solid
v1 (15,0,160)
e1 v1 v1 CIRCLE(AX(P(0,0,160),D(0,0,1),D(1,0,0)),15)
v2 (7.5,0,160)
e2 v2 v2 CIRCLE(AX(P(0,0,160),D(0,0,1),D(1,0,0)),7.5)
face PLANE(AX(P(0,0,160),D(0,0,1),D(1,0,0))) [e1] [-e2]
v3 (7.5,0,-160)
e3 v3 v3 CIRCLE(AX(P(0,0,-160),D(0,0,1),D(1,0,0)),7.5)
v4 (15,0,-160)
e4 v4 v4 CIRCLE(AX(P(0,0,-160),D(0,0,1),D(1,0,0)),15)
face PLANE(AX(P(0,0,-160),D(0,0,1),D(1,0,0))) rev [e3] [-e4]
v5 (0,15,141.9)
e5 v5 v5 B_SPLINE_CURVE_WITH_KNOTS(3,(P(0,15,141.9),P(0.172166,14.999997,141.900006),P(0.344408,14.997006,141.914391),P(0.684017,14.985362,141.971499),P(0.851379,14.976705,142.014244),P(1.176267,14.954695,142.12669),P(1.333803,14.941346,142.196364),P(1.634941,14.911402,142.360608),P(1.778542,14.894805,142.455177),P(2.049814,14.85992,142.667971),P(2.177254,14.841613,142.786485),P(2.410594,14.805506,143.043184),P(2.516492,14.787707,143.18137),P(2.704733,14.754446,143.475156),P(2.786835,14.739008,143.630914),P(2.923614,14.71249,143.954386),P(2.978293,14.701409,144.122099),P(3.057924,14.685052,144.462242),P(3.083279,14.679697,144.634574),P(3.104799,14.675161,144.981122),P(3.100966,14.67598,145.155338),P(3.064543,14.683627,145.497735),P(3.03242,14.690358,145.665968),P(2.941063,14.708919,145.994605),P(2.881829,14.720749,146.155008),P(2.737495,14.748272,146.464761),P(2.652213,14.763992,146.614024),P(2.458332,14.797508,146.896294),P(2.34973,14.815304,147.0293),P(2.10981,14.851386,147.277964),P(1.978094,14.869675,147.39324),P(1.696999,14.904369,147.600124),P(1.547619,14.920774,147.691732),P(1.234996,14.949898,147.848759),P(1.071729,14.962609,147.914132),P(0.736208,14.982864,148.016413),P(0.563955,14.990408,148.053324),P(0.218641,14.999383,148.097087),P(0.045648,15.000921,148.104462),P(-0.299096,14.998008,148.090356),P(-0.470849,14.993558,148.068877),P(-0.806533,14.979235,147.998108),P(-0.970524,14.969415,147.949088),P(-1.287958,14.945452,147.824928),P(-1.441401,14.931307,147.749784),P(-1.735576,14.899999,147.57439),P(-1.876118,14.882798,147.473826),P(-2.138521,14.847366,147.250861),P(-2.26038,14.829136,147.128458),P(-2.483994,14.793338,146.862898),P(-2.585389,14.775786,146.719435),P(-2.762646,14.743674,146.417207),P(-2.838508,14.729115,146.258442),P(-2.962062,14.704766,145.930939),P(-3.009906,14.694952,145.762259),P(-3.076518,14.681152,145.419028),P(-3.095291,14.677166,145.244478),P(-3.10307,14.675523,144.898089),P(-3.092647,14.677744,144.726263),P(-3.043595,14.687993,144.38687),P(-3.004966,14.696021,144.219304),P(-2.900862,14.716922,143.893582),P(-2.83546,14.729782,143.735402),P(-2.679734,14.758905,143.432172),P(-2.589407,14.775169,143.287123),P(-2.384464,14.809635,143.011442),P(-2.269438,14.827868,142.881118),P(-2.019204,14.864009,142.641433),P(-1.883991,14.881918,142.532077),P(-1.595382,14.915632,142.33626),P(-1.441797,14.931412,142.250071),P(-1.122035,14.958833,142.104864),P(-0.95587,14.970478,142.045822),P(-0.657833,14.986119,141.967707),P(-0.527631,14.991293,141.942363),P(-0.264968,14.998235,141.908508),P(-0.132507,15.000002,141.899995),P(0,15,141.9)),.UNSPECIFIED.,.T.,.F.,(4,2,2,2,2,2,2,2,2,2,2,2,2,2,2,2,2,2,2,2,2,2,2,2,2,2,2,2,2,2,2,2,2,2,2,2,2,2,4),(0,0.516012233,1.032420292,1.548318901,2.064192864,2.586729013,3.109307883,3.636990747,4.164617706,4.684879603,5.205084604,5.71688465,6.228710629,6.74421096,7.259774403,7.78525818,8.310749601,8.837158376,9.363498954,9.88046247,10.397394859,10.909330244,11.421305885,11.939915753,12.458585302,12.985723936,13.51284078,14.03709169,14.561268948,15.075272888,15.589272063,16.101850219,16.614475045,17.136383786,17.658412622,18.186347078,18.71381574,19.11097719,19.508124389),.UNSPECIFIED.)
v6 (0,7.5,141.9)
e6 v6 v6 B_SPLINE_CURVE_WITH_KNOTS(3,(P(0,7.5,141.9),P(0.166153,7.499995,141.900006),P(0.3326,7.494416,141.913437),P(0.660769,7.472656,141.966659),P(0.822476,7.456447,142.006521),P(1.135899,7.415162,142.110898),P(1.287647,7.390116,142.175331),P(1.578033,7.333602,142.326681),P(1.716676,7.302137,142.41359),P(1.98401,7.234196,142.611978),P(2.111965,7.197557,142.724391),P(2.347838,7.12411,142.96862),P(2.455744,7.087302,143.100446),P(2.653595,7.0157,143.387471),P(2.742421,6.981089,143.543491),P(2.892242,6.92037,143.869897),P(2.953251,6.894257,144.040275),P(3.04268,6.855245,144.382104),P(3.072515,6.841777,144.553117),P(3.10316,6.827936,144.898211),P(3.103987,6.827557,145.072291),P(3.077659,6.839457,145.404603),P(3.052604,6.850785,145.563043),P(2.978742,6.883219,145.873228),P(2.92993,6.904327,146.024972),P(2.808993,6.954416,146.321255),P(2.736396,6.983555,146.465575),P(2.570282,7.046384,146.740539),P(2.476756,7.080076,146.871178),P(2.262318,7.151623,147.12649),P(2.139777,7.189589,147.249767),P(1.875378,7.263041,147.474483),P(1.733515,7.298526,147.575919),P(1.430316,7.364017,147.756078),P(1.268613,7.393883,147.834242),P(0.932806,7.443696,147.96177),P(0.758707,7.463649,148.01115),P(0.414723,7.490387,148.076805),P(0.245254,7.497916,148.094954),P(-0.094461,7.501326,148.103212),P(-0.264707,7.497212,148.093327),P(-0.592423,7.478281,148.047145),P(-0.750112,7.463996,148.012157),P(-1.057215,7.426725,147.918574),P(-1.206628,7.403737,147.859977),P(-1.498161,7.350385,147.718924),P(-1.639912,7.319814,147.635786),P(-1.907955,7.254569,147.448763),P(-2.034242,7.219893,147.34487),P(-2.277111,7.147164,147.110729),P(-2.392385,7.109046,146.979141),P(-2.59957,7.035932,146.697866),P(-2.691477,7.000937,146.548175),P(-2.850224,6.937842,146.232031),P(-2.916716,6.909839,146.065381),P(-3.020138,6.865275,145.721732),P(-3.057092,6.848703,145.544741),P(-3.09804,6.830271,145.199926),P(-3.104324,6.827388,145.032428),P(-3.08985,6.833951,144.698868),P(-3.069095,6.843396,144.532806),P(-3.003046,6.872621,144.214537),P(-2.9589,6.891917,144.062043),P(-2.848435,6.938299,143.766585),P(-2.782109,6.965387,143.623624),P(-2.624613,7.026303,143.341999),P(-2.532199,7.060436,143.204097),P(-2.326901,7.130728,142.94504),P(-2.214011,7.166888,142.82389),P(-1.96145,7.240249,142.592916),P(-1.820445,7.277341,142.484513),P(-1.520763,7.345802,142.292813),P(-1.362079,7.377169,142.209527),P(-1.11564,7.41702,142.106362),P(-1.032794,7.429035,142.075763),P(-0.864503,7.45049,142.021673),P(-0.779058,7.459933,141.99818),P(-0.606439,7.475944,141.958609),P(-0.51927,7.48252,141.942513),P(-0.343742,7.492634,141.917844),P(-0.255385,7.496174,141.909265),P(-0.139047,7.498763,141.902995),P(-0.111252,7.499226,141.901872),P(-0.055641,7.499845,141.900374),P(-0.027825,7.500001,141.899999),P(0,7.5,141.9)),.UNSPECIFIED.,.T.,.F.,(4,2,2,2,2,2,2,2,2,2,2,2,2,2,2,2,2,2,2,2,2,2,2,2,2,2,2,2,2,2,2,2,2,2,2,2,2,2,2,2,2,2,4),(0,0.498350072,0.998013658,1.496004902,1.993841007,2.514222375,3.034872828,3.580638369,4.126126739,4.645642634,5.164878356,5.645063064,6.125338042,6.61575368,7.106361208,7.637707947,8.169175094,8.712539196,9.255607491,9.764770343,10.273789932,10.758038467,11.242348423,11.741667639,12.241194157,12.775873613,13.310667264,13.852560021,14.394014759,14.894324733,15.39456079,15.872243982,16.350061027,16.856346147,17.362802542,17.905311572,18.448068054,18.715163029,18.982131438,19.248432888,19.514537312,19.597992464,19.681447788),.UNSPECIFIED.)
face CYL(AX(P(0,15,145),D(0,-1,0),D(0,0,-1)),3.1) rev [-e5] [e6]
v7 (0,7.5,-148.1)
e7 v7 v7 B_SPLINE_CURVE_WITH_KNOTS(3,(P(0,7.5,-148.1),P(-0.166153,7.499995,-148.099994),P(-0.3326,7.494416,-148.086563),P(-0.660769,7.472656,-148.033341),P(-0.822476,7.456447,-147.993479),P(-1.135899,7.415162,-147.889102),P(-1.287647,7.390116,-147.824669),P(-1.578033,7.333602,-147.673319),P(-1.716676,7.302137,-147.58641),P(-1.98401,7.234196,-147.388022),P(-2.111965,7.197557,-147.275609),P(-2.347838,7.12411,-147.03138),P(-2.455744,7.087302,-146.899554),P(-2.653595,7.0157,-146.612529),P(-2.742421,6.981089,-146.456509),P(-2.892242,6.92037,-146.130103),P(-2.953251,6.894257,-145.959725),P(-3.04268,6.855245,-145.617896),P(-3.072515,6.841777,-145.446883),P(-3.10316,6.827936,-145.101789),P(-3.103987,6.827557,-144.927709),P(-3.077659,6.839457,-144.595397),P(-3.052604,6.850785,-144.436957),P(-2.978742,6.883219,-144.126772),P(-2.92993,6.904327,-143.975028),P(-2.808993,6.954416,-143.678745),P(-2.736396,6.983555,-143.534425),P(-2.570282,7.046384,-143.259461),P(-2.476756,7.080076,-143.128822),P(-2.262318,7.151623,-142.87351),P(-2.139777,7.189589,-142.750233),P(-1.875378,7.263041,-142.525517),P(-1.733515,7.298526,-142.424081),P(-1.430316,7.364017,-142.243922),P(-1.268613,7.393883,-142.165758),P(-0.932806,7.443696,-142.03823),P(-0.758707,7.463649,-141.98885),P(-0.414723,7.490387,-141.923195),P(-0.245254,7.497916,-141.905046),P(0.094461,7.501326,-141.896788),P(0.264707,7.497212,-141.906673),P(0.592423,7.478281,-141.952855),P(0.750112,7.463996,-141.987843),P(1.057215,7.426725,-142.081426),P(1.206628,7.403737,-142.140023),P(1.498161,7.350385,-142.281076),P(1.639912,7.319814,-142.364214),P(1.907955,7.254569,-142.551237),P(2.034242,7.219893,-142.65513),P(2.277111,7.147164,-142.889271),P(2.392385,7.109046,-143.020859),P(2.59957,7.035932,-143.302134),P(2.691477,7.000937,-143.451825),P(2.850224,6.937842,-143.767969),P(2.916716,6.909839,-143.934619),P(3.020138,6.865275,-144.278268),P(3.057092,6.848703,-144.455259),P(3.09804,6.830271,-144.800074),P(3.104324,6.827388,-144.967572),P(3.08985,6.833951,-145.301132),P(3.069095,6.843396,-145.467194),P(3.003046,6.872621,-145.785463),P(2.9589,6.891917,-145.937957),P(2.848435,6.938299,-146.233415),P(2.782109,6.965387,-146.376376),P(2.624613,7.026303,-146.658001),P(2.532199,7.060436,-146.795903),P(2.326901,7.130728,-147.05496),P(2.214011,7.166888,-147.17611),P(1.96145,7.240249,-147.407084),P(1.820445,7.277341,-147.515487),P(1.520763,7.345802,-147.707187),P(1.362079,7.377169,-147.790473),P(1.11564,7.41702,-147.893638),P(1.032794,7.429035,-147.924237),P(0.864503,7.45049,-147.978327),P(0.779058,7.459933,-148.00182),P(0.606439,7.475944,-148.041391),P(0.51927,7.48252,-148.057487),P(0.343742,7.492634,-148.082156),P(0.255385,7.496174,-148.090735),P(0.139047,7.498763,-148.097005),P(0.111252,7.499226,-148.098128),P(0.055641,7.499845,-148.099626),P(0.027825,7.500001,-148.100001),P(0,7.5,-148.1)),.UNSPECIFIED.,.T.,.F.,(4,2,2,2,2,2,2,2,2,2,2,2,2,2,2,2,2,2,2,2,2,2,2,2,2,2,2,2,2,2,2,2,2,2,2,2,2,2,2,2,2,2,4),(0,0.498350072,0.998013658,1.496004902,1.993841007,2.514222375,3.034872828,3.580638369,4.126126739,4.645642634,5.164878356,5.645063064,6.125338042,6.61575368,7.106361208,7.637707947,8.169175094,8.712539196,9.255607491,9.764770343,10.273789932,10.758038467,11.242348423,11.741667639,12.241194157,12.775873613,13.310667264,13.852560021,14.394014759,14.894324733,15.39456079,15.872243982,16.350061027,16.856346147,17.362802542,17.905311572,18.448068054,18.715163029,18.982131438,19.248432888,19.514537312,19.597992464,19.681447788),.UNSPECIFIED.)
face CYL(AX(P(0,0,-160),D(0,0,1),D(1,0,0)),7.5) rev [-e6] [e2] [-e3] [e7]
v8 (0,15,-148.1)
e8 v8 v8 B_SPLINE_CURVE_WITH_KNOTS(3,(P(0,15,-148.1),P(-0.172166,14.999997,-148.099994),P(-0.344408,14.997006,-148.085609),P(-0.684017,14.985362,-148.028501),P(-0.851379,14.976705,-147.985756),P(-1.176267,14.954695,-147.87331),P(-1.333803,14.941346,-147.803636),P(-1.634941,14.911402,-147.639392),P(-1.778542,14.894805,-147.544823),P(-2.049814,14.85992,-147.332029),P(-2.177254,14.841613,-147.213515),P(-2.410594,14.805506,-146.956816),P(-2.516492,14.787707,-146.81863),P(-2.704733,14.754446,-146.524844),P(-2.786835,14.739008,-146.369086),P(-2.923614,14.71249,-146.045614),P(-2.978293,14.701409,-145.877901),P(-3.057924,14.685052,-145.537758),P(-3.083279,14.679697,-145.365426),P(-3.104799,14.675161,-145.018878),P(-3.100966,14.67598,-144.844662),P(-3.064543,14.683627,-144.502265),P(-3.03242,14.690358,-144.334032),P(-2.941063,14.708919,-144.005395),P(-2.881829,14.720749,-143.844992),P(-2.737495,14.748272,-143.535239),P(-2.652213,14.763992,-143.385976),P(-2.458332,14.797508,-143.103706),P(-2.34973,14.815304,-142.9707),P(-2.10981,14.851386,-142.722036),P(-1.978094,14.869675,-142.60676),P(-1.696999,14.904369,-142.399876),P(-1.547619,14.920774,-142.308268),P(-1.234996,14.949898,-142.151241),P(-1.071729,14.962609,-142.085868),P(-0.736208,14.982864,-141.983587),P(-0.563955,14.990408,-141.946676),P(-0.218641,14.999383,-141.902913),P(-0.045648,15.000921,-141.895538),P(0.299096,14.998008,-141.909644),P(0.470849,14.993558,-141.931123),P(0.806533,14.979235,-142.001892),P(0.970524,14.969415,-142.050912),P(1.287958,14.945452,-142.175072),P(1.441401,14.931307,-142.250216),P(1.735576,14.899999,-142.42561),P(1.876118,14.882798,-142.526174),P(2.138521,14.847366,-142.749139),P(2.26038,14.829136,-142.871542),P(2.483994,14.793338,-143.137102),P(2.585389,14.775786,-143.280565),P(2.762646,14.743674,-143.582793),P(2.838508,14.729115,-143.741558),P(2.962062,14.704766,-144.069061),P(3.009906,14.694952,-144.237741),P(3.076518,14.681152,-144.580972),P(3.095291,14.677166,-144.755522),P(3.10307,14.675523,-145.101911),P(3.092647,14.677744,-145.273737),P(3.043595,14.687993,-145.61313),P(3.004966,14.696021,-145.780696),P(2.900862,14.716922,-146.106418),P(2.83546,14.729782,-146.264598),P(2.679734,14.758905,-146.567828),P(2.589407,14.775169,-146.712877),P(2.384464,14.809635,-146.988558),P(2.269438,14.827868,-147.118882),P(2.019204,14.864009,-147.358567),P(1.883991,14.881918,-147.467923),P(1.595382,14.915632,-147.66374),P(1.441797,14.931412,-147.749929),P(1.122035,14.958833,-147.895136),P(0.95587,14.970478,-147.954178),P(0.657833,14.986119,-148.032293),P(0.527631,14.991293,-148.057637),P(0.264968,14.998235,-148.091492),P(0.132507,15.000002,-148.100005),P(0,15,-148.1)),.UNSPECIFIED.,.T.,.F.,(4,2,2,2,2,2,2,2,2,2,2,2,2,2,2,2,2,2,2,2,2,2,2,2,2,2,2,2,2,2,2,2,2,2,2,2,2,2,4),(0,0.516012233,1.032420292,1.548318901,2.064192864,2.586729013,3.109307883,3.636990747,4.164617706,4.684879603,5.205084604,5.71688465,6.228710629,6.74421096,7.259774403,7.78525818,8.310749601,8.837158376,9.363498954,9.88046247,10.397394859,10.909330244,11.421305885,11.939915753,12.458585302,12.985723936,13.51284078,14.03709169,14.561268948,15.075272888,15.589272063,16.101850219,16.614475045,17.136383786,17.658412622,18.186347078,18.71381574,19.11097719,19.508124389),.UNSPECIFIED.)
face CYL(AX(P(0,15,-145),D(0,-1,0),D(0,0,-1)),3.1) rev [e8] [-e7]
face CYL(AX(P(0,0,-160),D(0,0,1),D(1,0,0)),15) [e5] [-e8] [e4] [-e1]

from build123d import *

# Parameters (mm, degrees)
BOSS_EXTRUDE1_DEPTH      = 160
BOSS_EXTRUDE1_DEPTH_BACK = 160
SKETCH1_R                = 15
SKETCH1_R_2              = 7.5
SKETCH2_R                = 3.1
CUT_EXTRUDE1_DEPTH       = 162.400123916


with BuildPart() as part:
    # Sketch1 → Boss-Extrude1 (new, two sides: drawn at the far end of the back side and taken through both)
    with BuildSketch(Plane.XY.offset(-BOSS_EXTRUDE1_DEPTH_BACK)):
        Circle(SKETCH1_R)
        Circle(SKETCH1_R_2, mode=Mode.SUBTRACT)
    extrude(amount=BOSS_EXTRUDE1_DEPTH + BOSS_EXTRUDE1_DEPTH_BACK)

    # Sketch2 → Cut-Extrude1 (cut, through all)
    with BuildSketch(Plane(origin=(0, 0, 0), x_dir=(1, 0, 0), z_dir=(0, 1, 0))):
        with Locations((0, -145)):
            Circle(SKETCH2_R)
    cut_extrude1 = extrude(amount=CUT_EXTRUDE1_DEPTH, mode=Mode.SUBTRACT)

    # Mirror1: Cut-Extrude1 across plane
    add(cut_extrude1.mirror(Plane.XY), mode=Mode.SUBTRACT)


solid = part.part
